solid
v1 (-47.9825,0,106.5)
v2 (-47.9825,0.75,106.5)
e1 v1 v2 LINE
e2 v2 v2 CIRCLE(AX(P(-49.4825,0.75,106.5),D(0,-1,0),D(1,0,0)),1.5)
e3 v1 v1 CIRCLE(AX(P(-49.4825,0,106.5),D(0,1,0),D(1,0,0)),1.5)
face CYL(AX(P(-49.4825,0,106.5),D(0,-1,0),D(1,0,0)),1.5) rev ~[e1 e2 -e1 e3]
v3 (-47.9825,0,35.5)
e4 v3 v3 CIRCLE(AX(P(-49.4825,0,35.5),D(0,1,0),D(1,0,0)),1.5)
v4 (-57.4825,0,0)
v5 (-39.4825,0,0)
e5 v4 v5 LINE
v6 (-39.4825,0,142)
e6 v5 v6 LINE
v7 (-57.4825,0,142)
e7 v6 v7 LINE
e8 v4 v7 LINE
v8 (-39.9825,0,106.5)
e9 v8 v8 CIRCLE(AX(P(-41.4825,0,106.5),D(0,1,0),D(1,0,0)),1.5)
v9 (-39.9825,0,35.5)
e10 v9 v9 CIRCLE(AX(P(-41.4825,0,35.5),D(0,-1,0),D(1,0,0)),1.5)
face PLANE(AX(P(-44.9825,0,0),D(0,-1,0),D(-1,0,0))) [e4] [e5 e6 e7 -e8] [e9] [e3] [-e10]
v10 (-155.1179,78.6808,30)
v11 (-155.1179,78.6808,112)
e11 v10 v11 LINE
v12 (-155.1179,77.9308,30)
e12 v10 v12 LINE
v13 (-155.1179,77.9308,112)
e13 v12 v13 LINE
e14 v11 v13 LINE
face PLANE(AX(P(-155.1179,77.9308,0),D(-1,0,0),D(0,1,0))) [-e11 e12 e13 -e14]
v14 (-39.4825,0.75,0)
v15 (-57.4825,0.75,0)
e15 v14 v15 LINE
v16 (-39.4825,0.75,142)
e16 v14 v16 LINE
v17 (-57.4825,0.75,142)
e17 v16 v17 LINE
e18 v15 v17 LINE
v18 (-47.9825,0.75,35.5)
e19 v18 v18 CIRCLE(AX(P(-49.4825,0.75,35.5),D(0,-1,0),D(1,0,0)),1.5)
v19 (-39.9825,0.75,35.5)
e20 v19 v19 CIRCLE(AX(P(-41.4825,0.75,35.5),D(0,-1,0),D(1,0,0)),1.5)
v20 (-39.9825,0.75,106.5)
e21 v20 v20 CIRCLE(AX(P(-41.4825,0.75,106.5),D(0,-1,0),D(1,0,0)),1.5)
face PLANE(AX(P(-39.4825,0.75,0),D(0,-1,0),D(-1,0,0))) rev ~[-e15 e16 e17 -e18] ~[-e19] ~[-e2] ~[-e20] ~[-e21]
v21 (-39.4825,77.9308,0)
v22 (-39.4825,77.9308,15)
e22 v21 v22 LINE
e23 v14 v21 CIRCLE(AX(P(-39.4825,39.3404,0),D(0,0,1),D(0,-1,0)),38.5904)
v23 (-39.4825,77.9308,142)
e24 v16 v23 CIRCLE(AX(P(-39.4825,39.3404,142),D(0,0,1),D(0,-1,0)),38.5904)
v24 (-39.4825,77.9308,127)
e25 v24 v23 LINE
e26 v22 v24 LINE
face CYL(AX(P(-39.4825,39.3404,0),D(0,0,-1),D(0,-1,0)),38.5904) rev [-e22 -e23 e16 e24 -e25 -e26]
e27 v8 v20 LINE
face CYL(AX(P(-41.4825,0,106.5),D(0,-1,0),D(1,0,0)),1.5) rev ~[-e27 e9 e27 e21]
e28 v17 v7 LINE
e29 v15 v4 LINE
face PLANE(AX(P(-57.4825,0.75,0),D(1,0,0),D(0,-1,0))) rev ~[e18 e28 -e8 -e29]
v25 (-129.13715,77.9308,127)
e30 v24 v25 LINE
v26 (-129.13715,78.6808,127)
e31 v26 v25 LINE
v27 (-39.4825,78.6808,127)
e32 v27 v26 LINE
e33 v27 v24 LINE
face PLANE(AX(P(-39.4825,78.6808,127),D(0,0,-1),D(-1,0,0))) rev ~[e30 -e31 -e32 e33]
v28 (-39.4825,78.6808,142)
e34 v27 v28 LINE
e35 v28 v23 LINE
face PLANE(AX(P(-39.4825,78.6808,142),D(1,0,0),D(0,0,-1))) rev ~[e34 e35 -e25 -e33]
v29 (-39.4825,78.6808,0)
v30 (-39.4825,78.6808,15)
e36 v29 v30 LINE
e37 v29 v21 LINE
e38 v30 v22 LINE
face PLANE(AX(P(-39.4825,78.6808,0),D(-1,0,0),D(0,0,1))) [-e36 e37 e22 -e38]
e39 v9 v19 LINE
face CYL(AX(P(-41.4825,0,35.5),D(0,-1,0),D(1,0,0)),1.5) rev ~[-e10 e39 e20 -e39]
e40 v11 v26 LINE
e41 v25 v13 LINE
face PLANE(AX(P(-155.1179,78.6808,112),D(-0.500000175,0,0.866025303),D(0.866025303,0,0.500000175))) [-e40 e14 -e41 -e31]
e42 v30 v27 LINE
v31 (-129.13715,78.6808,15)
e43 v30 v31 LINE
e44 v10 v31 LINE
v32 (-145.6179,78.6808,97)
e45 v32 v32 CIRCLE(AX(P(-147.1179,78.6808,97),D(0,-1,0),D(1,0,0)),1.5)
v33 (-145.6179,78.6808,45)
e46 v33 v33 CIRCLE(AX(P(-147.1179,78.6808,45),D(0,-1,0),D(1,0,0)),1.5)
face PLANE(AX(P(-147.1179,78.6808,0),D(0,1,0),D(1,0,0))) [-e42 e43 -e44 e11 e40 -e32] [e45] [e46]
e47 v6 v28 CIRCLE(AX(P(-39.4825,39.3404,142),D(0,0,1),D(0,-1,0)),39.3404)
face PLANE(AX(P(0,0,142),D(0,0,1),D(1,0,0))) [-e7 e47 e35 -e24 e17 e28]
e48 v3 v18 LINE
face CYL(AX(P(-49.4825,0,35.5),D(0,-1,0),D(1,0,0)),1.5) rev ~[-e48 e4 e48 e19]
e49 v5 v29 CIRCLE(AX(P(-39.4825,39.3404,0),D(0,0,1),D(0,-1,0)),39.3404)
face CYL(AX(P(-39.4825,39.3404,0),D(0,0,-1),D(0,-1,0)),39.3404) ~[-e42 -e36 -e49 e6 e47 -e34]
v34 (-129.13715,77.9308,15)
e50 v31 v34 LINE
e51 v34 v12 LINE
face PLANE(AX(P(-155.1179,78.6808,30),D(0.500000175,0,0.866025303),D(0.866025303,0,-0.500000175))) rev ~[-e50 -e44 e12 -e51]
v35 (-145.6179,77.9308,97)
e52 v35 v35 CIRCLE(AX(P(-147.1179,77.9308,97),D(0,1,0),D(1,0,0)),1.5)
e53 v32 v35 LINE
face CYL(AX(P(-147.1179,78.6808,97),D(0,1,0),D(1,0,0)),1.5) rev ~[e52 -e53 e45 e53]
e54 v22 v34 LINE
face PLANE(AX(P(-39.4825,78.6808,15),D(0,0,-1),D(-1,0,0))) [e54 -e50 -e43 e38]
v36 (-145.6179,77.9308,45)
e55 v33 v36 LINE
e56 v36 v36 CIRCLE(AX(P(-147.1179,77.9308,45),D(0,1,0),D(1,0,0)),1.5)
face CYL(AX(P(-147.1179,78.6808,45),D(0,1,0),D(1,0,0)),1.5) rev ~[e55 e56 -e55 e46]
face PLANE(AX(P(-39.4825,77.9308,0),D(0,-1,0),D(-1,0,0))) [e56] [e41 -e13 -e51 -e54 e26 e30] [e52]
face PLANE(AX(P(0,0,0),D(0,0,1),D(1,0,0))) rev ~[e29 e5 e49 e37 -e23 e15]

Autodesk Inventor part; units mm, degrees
ref_plane "YZ Plane" through (0, 0, 0) normal (1, 0, 0) x (0, 1, 0)
ref_plane "XZ Plane" through (0, 0, 0) normal (0, 1, 0) x (-1, 0, 0)
ref_plane "XY Plane" through (0, 0, 0) normal (0, 0, 1) x (1, 0, 0)
sketch "スケッチ1" plane through (0, 0, 0) normal (0, 0, 1) x (1, 0, 0)
  line L0 (44.9825, 3) -> (44.9825, 0)
  line L1 (44.9825, 0) -> (93.5151, 0)
  line L2 (44.9825, 3) -> (93.5151, 3)
  circle A0 centre (152.1179, -73.6808) radius 5
  circle A1 centre (90.7937, -5.925) radius 3
  circle A2 centre (91.5613, -41.579) radius 3
  line L3 (50.9825, 0) -> (47.9825, 0)
  line L4 (47.9825, 0.7) -> (50.9825, 0.7)
  line L5 (-44.9825, -3) -> (-44.9825, 0)
  line L6 (-44.9825, 0) -> (-93.5151, 0)
  line L7 (-44.9825, -3) -> (-93.5151, -3)
  circle A3 centre (-152.1179, 73.6808) radius 5
  circle A4 centre (-90.7937, 5.925) radius 3
  circle A5 centre (-91.5613, 41.579) radius 3
  line L8 (-50.9825, 0) -> (-47.9825, 0)
  line L9 (-47.9825, -0.7) -> (-50.9825, -0.7)
  arc A6 (-39.4825, 0) -> (-39.4825, 78.6808) centre (-39.4825, 39.3404) ccw
  line L10 (-152.1179, 78.6808) -> (-39.4825, 78.6808)
  line L11 (-39.4825, 0) -> (-57.4825, 0)
  line L12 (-147.1179, 78.6808) -> (-147.1179, 73.6808)
  line L13 (-152.1179, 78.6808) -> (-155.1179, 78.6808)
  arc A7 (-39.4825, 0.75) -> (-39.4825, 77.9308) centre (-39.4825, 39.3404) ccw
  line L14 (-39.4825, 0.75) -> (-57.4825, 0.75)
  line L15 (-152.1179, 77.9308) -> (-155.1179, 77.9308)
  line L16 (-39.4825, 77.9308) -> (-152.1179, 77.9308)
  line L17 (-57.4825, 0.75) -> (-57.4825, 0)
  line L18 (-155.1179, 77.9308) -> (-155.1179, 78.6808)
  point P0 (0, 0)
  point P1 (49.4825, 0.7)
  point P2 (-49.4825, -0.7)
  point P3 (0, 0)
  point P4 (-153.6179, 78.6808)
  dimension "d2" = 360
  dimension "d4" = 18
  dimension "d5" = 8
  dimension "d6" = 5
  dimension "d7" = 3
  dimension "d8" = 0.75
  dimension "d42" = 10
extrude "押し出し1" add sketch "スケッチ1" along normal blind 142 contours L6 L17 L14 A7 L16 L12 L10 A6 L11 | L12 L16 A3 L10 | A3 L16 L15 | A3 L15 L18 L13 picked at (-153.5984, 78.0681)
sketch "スケッチ2" plane through (-155.1179, 78.6808, 0) normal (0, 1, 0) x (1, 0, 0)
  line L0 (0, 0) -> (0, -142) projected
  line L1 (115.6354, 0) -> (0, 0) projected
  line L2 (115.6354, -142) -> (0, -142) projected
  line L3 (8, 0) -> (8, -142)
  circle A0 centre (8, -45) radius 1.5
  circle A1 centre (8, -97) radius 1.5
  line L4 (37.6032, 0) -> (72.6032, 0) construction
  line L5 (0, 0) -> (115.6354, 0)
  line L6 (115.6354, 0) -> (115.6354, -15)
  line L7 (115.6354, -15) -> (0, -15)
  line L8 (0, -15) -> (0, 0)
  line L9 (0, -142) -> (115.6354, -142)
  line L10 (115.6354, -142) -> (115.6354, -127)
  line L11 (115.6354, -127) -> (0, -127)
  line L12 (0, -127) -> (0, -142)
  line L13 (115.6354, 0) -> (0, 0) projected
  line L14 (0, 0) -> (0, -142) projected
  line L15 (115.6354, -142) -> (0, -142) projected
  line L16 (115.6354, 0) -> (115.6354, -142) projected
  line L17 (0, -15) -> (8, -15)
  line L18 (115.6354, 0) -> (115.6354, -142) projected
  line L19 (0, -30) -> (51.9615, 0)
  line L20 (0, -112) -> (51.9615, -142)
  point P0 (155.1179, 0)
  point P1 (8, -30)
  point P2 (84.9628, 0)
  point P3 (0, -127)
  point P4 (107.627, -142)
  point P5 (0, -19.9913)
  point P6 (25.9808, -127)
  point P7 (25.9808, -15)
  dimension "d12" = 8
  dimension "d13" = 3
  dimension "d14" = 45
  dimension "d15" = 3
  dimension "d16" = 45
  dimension "d28" = 115.6354
  dimension "d29" = 15
  dimension "d30" = 115.6354
  dimension "d31" = 15
  dimension "d32" = 15
  dimension "d33" = 115.6354
  dimension "d34" = 15
  dimension "d35" = 115.6354
  dimension "d36" = 60
  dimension "d37" = 30
  dimension "d38" = 30
  dimension "d39" = 30
extrude "押し出し2" cut sketch "スケッチ2" against normal blind 0.75 contours L1 L3 L7 L0 | L7 L3 L19 L0 | L1 L19 L7 L3 | L7 L19 L3 | L1 L6 L7 L19 | L20 L3 L11 L0 | L11 L3 L2 L0 | L20 L11 L3 | A0 L3 | L3 A0 | L11 L20 L2 L3 | A1 L3 | L3 A1 | L11 L10 L2 L20
sketch "スケッチ4" plane through (-57.4825, 0, 0) normal (0, -1, 0) x (1, 0, 0)
  line L0 (0, 0) -> (18, 0) projected
  line L1 (18, 0) -> (18, 142) projected
  line L2 (0, 142) -> (18, 142) projected
  line L3 (0, 0) -> (0, 142) projected
  line L4 (8, 142) -> (8, 0)
  circle A0 centre (8, 106.5) radius 1.5
  circle A1 centre (16, 106.5) radius 1.5
  line L5 (0, 71) -> (18, 71)
  line L6 (0, 142) -> (18, 142) projected
  circle A2 centre (8, 35.5) radius 1.5
  circle A3 centre (16, 35.5) radius 1.5
  line L7 (8, 106.5) -> (16, 106.5)
  point P0 (57.4825, 0)
  dimension "d43" = 8
  dimension "d44" = 3
  dimension "d45" = 35.5
  dimension "d46" = 3
  dimension "d47" = 8
  dimension "d48" = 71
  dimension "d51" = 71
extrude "押し出し4" cut sketch "スケッチ4" against normal blind 0.75 contours A2 L4 | L4 A2 | A1 | A0 L4 | L4 L7 A0 | A0 L7 L4 | A3
equation "\"d32\" = d29"
equation "\"d33\" = d28"
equation "\"d34\" = d31"
equation "\"d35\" = d30"
properties part number "回路BOX背面" material "ポリプロピレン"
